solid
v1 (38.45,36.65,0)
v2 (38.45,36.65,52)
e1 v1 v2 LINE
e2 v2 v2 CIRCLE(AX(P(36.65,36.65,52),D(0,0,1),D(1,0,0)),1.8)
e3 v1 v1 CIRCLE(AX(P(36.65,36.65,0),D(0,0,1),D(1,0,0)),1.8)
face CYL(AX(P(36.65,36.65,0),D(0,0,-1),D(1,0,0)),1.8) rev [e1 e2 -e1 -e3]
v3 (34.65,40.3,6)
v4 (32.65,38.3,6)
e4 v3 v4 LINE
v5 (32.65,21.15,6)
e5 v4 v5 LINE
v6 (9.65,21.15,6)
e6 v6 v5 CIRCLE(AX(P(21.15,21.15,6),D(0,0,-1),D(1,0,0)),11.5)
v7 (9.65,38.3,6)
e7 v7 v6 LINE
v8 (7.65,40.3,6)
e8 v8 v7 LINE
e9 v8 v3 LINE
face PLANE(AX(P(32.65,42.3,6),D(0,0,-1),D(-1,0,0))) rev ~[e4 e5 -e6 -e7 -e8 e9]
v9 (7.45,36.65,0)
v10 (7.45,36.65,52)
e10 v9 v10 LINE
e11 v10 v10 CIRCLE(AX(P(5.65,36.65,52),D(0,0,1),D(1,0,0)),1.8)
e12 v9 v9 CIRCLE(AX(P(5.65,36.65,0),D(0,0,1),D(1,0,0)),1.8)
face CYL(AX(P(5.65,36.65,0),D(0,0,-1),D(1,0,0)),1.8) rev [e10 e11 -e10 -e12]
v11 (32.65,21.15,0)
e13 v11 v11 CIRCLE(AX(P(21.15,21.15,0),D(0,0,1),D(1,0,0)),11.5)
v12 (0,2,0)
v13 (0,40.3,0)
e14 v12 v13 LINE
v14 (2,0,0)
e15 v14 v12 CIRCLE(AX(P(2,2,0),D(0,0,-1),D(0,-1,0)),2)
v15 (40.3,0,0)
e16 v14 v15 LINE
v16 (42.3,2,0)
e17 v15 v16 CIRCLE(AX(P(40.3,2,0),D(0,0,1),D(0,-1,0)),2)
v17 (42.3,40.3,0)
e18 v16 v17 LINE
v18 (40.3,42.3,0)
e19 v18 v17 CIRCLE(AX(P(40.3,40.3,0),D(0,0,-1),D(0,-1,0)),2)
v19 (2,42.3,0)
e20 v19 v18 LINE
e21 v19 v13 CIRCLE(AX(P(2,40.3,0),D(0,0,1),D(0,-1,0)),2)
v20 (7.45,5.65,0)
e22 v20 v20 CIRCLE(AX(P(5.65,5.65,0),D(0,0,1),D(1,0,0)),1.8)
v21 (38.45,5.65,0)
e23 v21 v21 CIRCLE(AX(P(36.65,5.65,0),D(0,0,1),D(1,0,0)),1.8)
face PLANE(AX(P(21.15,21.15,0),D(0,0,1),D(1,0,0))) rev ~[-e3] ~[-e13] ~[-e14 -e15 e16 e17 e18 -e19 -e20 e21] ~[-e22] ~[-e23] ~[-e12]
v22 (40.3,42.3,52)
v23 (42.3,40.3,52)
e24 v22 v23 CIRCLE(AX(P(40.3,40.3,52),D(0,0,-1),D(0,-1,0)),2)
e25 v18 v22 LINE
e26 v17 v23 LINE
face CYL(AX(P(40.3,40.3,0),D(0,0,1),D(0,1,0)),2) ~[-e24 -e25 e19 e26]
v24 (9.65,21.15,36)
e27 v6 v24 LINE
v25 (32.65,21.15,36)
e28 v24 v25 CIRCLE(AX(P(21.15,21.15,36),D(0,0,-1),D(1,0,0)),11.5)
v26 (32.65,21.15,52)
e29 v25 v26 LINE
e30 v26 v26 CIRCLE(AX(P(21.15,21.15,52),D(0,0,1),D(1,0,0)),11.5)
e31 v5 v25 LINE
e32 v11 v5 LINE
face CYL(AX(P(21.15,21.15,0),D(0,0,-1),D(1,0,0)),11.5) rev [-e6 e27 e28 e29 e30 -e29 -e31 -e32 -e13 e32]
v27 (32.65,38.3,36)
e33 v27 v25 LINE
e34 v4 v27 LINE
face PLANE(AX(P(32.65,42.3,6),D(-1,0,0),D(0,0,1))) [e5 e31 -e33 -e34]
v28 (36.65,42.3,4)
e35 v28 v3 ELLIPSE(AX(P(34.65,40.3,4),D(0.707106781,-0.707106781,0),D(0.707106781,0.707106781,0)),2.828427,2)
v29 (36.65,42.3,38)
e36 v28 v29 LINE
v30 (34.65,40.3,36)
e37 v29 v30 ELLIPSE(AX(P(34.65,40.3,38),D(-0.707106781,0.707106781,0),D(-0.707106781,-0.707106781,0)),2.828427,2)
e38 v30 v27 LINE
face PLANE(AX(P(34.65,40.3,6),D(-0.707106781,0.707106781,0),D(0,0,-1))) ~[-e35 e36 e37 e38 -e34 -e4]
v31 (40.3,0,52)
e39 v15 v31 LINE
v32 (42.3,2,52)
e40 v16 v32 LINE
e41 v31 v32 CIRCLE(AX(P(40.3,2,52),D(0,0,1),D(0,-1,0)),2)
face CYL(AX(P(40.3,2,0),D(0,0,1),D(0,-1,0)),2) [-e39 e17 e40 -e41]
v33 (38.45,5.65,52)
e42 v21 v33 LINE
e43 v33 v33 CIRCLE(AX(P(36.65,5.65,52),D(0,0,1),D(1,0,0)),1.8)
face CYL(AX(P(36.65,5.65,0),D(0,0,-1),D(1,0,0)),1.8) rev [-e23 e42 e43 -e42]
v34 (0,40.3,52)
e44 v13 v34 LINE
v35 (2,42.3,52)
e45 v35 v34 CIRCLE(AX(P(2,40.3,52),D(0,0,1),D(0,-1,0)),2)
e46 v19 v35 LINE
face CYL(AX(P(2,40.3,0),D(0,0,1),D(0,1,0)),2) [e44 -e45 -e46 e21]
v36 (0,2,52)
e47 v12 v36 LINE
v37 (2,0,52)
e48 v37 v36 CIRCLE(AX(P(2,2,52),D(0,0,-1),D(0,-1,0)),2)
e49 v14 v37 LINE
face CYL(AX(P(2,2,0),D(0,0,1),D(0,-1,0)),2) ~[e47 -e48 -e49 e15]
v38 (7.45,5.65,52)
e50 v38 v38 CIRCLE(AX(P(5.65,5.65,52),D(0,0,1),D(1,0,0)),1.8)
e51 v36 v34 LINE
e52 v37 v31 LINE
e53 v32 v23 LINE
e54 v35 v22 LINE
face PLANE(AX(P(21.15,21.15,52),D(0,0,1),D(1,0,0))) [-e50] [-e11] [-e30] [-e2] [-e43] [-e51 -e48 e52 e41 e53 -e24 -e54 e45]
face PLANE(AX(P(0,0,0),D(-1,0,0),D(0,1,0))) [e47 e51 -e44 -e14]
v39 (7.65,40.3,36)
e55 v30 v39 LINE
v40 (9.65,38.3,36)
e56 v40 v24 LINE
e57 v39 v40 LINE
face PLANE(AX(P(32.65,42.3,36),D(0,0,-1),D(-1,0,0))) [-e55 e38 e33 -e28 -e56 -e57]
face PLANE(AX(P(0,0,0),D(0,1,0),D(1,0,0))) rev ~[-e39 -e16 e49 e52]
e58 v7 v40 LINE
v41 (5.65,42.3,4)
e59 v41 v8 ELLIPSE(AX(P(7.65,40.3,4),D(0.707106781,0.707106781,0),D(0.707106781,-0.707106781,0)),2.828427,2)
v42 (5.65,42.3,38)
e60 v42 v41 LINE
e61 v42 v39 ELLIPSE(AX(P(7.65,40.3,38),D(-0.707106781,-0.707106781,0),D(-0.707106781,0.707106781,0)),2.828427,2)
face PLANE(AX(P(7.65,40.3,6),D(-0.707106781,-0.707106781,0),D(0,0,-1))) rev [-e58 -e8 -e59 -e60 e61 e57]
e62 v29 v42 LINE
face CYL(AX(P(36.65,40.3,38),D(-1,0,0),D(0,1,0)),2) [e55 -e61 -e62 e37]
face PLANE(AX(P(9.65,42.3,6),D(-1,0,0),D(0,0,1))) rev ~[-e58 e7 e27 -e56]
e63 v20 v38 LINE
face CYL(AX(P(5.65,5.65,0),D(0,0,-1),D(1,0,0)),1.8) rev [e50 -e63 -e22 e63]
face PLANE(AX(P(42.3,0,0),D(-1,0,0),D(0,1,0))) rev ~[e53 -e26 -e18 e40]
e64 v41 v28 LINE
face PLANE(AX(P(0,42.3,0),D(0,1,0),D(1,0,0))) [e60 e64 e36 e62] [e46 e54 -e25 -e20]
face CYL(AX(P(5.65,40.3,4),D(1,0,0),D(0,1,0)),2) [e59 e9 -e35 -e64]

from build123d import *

# Parameters (mm, degrees)
SKETCH_W     = 42.3
SKETCH_H     = 42.3
SKETCH_R     = 1.8
SKETCH_R_2   = 11.5
PAD_DEPTH    = 52
SKETCH001_W  = 23
SKETCH001_H  = 30
POCKET_DEPTH = 21.15
CHAMFER_SIZE = 4
FILLET_R     = 2
FILLET001_R  = 2


with BuildPart() as part:
    # Sketch → Pad (new body)
    with BuildSketch(Plane.XY):
        with Locations((21.15, 21.15)):
            Rectangle(SKETCH_W, SKETCH_H)
        with Locations((5.65, 36.65)):
            Circle(SKETCH_R, mode=Mode.SUBTRACT)
        with Locations((36.65, 36.65)):
            Circle(SKETCH_R, mode=Mode.SUBTRACT)
        with Locations((36.65, 5.65)):
            Circle(SKETCH_R, mode=Mode.SUBTRACT)
        with Locations((5.65, 5.65)):
            Circle(SKETCH_R, mode=Mode.SUBTRACT)
        with Locations((21.15, 21.15)):
            Circle(SKETCH_R_2, mode=Mode.SUBTRACT)
    extrude(amount=PAD_DEPTH)

    # Sketch001 (on Face1 of Pad) → Pocket (cut)
    with BuildSketch(Plane(origin=(0, 42.3, 0), x_dir=(-1, 0, 0), z_dir=(0, 1, 0))):
        with Locations((-21.15, 21)):
            Rectangle(SKETCH001_W, SKETCH001_H)
    extrude(amount=-POCKET_DEPTH, mode=Mode.SUBTRACT)

    # Chamfer
    chamfer_edges = [part.edges().sort_by_distance(p)[0] for p in [
        (9.65, 42.3, 21),
        (32.65, 42.3, 21),
    ]]
    chamfer(chamfer_edges, length=CHAMFER_SIZE)

    # Fillet
    fillet_edges = [part.edges().sort_by_distance(p)[0] for p in [
        (42.3, 0, 26),
        (0, 0, 26),
        (42.3, 42.3, 26),
        (0, 42.3, 26),
    ]]
    fillet(fillet_edges, radius=FILLET_R)

    # Fillet001
    fillet001_edges = [part.edges().sort_by_distance(p)[0] for p in [
        (21.15, 42.3, 36),
        (21.15, 42.3, 6),
    ]]
    fillet(fillet001_edges, radius=FILLET001_R)


solid = part.part
